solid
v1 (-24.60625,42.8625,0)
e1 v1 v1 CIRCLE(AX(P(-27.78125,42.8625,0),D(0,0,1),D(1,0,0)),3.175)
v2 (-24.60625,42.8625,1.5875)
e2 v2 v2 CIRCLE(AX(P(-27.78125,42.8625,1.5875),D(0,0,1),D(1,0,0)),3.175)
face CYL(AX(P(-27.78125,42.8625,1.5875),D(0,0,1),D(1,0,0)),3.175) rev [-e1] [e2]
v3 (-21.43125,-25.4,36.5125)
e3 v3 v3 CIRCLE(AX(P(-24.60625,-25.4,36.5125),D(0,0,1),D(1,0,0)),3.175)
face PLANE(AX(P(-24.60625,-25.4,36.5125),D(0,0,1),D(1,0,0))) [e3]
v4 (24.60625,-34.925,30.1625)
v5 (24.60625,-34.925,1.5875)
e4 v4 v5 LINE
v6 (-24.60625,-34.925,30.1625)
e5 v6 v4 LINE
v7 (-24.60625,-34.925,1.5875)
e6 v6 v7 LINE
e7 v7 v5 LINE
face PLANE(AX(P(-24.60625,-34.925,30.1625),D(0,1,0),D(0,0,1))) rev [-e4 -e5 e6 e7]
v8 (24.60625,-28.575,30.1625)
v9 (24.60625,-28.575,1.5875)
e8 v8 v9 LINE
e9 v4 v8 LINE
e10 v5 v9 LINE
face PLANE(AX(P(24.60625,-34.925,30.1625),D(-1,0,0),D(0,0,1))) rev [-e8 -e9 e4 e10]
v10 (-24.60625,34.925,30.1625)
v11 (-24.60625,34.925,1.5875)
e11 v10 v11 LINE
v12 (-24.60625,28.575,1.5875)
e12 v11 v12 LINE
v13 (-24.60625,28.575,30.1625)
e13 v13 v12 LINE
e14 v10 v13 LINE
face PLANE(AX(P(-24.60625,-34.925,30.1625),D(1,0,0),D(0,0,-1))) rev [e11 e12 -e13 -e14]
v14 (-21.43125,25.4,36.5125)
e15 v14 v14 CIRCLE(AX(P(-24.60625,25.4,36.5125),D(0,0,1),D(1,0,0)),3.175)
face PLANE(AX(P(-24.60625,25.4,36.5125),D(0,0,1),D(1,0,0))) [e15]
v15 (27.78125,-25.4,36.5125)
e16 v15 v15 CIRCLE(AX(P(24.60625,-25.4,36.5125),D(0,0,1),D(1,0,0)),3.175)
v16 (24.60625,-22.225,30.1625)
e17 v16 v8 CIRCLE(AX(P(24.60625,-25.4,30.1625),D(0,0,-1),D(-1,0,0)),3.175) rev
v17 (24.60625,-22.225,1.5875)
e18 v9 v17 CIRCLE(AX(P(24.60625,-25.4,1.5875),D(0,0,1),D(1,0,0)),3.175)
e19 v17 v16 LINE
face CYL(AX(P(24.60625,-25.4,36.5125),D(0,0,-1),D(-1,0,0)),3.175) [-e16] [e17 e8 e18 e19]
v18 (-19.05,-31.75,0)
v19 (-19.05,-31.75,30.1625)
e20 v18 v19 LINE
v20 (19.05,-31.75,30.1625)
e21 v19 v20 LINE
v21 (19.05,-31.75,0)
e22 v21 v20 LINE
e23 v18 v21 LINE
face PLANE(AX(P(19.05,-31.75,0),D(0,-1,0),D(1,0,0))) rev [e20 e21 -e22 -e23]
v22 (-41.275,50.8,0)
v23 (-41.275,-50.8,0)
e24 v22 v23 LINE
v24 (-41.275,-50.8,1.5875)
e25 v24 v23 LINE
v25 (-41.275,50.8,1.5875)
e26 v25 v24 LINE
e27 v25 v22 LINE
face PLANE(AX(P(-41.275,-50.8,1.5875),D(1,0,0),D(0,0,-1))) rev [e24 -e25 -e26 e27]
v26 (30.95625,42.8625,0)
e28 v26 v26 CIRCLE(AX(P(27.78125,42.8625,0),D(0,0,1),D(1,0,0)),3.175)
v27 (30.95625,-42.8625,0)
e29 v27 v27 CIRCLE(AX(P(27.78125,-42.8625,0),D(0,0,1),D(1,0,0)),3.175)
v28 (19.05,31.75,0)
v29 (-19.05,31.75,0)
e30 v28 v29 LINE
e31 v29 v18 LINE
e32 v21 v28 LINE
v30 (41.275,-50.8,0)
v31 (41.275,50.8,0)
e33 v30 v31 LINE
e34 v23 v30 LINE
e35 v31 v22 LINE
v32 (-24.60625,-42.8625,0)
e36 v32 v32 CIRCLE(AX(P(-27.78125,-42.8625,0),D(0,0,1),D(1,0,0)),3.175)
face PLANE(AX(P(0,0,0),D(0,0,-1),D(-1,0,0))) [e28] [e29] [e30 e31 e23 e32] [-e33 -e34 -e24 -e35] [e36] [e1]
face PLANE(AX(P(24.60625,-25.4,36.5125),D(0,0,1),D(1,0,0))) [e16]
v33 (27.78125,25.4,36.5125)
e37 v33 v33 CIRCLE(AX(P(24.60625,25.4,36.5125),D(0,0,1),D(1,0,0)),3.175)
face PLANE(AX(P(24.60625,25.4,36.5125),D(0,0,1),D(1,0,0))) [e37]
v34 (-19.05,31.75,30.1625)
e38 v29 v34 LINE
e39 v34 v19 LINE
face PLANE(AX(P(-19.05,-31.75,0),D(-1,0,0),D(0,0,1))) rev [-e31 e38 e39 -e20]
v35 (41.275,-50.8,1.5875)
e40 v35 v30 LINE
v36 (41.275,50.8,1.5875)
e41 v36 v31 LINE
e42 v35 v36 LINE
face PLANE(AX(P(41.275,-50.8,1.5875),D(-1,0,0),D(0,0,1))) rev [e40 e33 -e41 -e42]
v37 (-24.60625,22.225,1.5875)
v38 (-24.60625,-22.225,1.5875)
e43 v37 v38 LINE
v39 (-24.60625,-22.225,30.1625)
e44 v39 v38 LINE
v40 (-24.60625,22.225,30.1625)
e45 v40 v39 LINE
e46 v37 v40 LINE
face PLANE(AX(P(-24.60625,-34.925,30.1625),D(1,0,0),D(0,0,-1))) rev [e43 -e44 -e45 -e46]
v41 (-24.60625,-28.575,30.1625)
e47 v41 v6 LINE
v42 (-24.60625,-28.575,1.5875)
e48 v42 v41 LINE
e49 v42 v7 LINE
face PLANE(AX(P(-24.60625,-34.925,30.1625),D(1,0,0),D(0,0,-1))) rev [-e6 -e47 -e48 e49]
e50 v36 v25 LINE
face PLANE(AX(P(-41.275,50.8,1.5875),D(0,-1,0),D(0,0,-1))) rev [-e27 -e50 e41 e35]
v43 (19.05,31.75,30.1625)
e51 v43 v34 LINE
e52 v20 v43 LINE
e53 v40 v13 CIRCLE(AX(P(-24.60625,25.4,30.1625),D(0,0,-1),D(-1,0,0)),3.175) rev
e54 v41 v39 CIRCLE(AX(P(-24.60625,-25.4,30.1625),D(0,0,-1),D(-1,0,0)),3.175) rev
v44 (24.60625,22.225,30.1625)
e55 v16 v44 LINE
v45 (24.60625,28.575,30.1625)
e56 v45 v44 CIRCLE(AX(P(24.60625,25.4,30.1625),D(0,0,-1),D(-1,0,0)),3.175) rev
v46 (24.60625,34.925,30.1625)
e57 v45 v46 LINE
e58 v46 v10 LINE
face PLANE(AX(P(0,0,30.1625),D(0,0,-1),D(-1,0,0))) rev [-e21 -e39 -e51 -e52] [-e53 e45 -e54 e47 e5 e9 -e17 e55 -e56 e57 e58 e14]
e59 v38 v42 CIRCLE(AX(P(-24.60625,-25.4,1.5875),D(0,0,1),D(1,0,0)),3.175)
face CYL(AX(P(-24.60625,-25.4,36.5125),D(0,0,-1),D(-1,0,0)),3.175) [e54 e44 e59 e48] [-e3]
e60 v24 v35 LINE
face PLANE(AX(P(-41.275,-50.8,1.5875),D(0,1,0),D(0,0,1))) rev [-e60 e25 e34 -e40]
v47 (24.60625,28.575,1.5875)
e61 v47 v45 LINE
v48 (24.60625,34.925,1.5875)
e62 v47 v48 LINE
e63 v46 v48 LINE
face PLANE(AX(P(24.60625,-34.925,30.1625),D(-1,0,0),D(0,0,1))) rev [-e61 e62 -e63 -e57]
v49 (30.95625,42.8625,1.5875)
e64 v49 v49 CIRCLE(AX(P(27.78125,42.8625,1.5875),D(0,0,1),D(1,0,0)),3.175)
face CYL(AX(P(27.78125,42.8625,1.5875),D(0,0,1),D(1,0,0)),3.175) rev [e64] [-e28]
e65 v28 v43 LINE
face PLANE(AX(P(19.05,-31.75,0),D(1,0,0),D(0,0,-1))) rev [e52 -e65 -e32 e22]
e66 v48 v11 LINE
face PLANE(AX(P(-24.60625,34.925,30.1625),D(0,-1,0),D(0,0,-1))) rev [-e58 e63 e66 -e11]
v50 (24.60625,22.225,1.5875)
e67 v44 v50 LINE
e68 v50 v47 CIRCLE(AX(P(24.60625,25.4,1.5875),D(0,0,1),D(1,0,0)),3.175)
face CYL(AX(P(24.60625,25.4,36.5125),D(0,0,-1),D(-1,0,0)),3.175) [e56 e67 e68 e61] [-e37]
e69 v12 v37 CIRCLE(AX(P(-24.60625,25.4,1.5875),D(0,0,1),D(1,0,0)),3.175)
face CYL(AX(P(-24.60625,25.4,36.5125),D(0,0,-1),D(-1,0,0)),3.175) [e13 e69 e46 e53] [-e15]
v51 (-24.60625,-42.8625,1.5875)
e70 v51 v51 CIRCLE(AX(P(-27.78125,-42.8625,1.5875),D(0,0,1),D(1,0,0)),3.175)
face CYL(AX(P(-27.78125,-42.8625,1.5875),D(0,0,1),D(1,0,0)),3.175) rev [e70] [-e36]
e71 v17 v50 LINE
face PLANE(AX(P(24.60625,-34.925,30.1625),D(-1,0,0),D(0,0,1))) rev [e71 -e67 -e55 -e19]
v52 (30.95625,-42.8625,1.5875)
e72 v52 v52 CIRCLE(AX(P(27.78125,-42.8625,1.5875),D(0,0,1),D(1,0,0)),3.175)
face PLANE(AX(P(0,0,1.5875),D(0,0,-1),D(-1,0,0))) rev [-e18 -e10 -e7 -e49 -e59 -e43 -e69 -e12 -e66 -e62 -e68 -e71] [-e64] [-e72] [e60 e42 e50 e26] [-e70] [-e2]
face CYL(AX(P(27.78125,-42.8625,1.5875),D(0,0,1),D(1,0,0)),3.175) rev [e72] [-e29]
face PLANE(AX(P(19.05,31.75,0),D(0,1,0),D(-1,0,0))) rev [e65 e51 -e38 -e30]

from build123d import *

# Parameters (mm, degrees)
SKETCH1_W                   = 82.55
SKETCH1_H                   = 101.6
BOSS_EXTRUDE1_DEPTH         = 1.5875
SKETCH2_W                   = 49.2125
SKETCH2_H                   = 69.85
BOSS_EXTRUDE2_DEPTH         = 28.575
SKETCH3_R                   = 3.175
BOSS_EXTRUDE3_DEPTH         = 34.925
F_1_4_0_25_DIAMETER_HOLE1_D = 6.35
SKETCH6_W                   = 38.1
SKETCH6_H                   = 63.5
CUT_EXTRUDE1_DEPTH          = 31.1625


with BuildPart() as part:
    # Sketch1 → Boss-Extrude1 (new body)
    with BuildSketch(Plane.XY):
        Rectangle(SKETCH1_W, SKETCH1_H)
    extrude(amount=BOSS_EXTRUDE1_DEPTH)

    # Sketch2 → Boss-Extrude2 (add)
    with BuildSketch(Plane.XY.offset(1.5875)):
        Rectangle(SKETCH2_W, SKETCH2_H)
    extrude(amount=BOSS_EXTRUDE2_DEPTH)

    # Sketch3 → Boss-Extrude3 (add)
    with BuildSketch(Plane.XY.offset(1.5875)):
        with Locations((-24.60625, 25.4)):
            Circle(SKETCH3_R)
        with Locations((24.60625, 25.4)):
            Circle(SKETCH3_R)
        with Locations((-24.60625, -25.4)):
            Circle(SKETCH3_R)
        with Locations((24.60625, -25.4)):
            Circle(SKETCH3_R)
    extrude(amount=BOSS_EXTRUDE3_DEPTH)

    # 1/4 (0.25) Diameter Hole1 (through all)
    with Locations(Plane.XY.offset(1.5875)):
        with Locations((-27.78125, 42.8625), (27.78125, 42.8625), (-27.78125, -42.8625), (27.78125, -42.8625)):
            Hole(F_1_4_0_25_DIAMETER_HOLE1_D / 2)

    # Sketch6 → Cut-Extrude1 (cut, through all)
    with BuildSketch(Plane.XY.offset(30.1625)):
        Rectangle(SKETCH6_W, SKETCH6_H)
    extrude(amount=-CUT_EXTRUDE1_DEPTH, mode=Mode.SUBTRACT)


solid = part.part
